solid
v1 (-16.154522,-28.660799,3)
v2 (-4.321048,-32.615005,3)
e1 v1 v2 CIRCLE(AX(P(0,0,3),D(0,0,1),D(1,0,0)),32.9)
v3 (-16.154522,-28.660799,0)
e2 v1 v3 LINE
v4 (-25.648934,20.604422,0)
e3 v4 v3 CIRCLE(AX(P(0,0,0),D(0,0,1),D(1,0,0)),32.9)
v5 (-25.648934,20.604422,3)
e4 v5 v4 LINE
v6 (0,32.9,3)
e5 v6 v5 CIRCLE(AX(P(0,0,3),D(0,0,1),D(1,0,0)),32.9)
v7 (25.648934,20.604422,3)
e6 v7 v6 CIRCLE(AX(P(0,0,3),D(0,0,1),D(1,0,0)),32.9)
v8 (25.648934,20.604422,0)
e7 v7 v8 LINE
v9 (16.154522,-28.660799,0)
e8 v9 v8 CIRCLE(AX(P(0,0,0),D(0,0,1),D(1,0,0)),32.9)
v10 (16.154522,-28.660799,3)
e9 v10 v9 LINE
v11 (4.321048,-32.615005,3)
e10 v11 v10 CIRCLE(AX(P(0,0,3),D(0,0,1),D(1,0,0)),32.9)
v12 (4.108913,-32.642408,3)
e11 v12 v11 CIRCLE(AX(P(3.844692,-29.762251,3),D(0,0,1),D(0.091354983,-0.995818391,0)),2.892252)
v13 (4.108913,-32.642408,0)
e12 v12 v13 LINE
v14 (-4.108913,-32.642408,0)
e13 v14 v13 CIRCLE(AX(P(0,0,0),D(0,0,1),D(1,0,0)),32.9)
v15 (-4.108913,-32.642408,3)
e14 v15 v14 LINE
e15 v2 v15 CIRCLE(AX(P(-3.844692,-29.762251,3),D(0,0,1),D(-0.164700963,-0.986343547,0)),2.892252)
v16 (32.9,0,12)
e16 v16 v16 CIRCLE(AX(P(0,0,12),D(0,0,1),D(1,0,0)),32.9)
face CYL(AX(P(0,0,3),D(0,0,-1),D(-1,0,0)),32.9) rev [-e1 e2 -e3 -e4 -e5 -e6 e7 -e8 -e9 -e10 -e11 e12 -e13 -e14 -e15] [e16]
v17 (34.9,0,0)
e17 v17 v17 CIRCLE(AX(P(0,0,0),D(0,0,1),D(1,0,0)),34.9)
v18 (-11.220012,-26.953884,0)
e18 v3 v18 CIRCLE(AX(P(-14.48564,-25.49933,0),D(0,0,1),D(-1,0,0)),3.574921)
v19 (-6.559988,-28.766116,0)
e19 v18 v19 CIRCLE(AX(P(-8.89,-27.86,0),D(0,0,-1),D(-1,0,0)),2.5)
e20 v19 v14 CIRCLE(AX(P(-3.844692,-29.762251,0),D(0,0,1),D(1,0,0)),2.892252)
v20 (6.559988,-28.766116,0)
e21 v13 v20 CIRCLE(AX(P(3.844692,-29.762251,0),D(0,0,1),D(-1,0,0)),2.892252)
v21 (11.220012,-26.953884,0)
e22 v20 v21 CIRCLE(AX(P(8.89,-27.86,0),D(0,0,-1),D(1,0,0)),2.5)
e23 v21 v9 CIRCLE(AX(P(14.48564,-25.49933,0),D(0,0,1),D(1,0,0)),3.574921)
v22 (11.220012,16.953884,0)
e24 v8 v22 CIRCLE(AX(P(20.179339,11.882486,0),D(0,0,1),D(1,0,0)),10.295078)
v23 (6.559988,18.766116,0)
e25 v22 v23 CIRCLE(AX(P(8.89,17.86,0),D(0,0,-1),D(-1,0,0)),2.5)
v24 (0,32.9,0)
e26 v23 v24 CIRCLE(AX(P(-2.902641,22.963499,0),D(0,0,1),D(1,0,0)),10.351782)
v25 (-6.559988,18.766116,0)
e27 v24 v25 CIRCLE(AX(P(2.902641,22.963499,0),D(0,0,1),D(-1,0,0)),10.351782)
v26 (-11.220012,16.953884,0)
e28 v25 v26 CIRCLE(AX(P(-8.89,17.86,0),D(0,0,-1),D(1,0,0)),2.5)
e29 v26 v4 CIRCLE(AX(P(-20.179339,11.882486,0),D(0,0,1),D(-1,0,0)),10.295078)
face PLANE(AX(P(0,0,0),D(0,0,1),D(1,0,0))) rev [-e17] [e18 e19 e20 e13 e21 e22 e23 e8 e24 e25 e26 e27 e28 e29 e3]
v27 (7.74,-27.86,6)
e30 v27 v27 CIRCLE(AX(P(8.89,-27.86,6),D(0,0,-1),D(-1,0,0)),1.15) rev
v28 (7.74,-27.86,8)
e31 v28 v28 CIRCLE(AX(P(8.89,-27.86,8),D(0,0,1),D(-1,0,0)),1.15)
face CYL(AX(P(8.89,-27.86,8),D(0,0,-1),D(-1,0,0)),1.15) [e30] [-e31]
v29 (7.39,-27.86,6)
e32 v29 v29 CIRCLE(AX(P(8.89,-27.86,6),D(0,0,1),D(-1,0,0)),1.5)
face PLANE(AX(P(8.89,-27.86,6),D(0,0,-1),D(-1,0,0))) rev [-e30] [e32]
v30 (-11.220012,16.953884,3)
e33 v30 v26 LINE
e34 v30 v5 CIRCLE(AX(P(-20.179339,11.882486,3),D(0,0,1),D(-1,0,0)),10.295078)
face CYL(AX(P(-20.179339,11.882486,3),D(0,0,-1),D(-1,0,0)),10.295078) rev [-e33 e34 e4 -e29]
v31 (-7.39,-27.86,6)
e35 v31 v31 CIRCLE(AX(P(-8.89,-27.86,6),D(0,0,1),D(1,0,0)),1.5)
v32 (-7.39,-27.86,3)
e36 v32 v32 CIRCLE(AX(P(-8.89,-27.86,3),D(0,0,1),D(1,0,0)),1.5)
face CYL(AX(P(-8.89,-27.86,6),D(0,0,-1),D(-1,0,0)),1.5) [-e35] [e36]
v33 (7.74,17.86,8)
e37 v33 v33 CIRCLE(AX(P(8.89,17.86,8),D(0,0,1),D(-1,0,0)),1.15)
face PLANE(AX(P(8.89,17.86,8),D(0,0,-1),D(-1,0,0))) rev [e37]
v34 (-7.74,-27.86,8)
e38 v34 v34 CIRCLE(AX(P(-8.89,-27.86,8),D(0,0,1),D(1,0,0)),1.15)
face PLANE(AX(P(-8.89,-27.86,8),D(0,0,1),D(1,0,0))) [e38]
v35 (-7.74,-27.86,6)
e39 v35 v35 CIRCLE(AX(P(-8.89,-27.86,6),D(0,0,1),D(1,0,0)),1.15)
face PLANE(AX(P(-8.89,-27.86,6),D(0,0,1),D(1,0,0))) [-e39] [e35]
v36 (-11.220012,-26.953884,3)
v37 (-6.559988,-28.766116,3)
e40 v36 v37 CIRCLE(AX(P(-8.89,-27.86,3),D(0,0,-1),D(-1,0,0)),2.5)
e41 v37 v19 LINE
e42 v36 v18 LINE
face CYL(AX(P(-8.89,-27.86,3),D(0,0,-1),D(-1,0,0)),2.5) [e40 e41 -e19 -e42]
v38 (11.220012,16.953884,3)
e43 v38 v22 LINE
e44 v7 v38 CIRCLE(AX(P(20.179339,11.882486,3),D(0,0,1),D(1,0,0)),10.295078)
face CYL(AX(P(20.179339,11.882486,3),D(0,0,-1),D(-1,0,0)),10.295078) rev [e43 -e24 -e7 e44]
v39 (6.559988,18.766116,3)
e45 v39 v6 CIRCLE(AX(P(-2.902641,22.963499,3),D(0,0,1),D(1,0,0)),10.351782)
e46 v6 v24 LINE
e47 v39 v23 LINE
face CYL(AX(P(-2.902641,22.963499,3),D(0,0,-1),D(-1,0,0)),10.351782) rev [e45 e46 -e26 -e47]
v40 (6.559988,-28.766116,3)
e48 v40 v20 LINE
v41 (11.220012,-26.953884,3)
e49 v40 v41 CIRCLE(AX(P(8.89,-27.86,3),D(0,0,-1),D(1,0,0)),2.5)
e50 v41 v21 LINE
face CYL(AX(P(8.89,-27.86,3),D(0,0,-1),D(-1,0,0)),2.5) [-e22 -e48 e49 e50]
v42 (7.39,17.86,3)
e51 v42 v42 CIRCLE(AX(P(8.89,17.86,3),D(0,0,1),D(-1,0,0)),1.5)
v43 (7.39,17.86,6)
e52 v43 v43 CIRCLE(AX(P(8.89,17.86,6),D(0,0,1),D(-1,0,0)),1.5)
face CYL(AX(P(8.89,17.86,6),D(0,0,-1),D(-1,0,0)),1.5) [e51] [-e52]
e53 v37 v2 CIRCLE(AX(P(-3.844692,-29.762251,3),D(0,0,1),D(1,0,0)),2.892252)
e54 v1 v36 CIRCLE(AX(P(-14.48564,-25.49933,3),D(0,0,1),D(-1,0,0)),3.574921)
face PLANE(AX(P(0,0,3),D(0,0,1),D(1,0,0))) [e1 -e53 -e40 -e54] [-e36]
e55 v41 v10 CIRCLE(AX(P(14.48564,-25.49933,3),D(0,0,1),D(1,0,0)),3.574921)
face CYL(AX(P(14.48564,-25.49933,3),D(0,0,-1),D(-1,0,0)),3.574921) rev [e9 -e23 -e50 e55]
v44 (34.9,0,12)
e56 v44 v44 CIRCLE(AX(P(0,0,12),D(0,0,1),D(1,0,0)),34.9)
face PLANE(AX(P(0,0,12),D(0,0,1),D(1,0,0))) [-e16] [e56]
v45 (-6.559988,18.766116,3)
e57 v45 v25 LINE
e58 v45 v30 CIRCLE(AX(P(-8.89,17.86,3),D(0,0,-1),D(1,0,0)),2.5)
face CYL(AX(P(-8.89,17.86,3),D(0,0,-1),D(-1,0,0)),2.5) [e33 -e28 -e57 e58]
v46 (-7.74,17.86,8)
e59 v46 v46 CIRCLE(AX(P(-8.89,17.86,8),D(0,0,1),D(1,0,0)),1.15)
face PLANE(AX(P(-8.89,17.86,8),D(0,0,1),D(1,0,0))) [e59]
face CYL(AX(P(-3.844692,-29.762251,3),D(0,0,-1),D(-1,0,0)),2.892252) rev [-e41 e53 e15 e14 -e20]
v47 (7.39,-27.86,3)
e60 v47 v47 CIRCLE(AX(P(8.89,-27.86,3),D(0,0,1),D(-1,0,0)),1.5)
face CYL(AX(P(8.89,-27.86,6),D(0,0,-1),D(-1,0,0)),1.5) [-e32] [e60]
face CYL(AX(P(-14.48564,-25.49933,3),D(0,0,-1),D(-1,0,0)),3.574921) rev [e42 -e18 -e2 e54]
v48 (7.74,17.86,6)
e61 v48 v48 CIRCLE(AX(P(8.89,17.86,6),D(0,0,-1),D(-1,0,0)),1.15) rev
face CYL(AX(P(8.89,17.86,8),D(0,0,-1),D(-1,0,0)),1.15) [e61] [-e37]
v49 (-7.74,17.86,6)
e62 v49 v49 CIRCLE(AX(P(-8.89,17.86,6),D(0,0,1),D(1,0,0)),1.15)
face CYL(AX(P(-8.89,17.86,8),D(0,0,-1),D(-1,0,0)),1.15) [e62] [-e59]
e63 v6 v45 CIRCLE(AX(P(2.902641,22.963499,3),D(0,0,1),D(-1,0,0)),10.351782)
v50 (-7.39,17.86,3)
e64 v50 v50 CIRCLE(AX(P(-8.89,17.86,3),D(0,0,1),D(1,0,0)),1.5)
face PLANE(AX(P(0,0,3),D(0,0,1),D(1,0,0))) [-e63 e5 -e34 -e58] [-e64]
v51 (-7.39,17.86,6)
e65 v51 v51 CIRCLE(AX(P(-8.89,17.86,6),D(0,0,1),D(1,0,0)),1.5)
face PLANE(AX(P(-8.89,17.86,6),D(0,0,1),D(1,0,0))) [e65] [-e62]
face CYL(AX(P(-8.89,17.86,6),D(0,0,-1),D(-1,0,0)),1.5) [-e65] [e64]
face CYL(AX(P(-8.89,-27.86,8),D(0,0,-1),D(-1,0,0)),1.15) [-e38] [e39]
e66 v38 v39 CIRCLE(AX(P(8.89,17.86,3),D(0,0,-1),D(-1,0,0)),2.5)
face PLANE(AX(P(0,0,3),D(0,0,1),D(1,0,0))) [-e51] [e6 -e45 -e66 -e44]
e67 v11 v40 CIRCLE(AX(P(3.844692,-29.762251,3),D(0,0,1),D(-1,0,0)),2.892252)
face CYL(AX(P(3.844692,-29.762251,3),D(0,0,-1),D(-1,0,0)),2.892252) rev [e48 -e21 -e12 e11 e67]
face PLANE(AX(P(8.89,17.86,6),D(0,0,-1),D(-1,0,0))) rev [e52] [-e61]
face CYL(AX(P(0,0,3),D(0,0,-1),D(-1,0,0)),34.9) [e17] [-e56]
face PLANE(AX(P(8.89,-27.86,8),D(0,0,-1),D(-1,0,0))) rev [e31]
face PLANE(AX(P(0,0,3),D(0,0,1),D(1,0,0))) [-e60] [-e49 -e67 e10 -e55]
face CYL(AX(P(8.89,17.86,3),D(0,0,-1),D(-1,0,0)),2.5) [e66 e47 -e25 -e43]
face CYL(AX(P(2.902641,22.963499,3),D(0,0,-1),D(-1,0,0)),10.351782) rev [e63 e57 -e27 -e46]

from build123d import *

# Parameters (mm, degrees)
ESQUISSE_CORPS_R   = 34.9
BOSS_EXTRU_1_DEPTH = 3
ESQUISSE5_R        = 1.5
BOSS_EXTRU_2_DEPTH = 3
ESQUISSE6_R        = 1.15
BOSS_EXTRU_3_DEPTH = 2
ESQUISSE7_R        = 34.9
ESQUISSE7_R_2      = 32.9
BOSS_EXTRU_4_DEPTH = 9


with BuildPart() as part:
    # Esquisse_corps → Boss.-Extru.1 (new body)
    with BuildSketch(Plane.XY):
        Circle(ESQUISSE_CORPS_R)
        with BuildLine():
            ThreePointArc((-11.220011679, -26.953884347), (-7.983884347, -25.529988321), (-6.559988321, -28.766115653))
            ThreePointArc((-6.559988321, -28.766115653), (-6.289235285, -31.30799577), (-4.108913196, -32.642408495))
            ThreePointArc((-4.108913196, -32.642408495), (0, -32.9), (4.108913196, -32.642408495))
            ThreePointArc((4.108913196, -32.642408495), (6.289235285, -31.30799577), (6.559988321, -28.766115653))
            ThreePointArc((6.559988321, -28.766115653), (7.983884347, -25.529988321), (11.220011679, -26.953884347))
            ThreePointArc((11.220011679, -26.953884347), (13.316969942, -28.87783046), (16.154521733, -28.660799493))
            ThreePointArc((16.154521733, -28.660799493), (32.305537105, -6.225935459), (25.64893396, 20.604421533))
            ThreePointArc((25.64893396, 20.604421533), (17.65423242, 21.86309032), (11.220011679, 16.953884347))
            ThreePointArc((11.220011679, 16.953884347), (7.983884347, 15.529988321), (6.559988321, 18.766115653))
            ThreePointArc((6.559988321, 18.766115653), (6.487068724, 27.321563828), (0, 32.9))
            ThreePointArc((0, 32.9), (-6.487068724, 27.321563828), (-6.559988321, 18.766115653))
            ThreePointArc((-6.559988321, 18.766115653), (-7.983884347, 15.529988321), (-11.220011679, 16.953884347))
            ThreePointArc((-11.220011679, 16.953884347), (-17.65423242, 21.86309032), (-25.64893396, 20.604421533))
            ThreePointArc((-25.64893396, 20.604421533), (-32.305537105, -6.225935459), (-16.154521733, -28.660799493))
            ThreePointArc((-16.154521733, -28.660799493), (-13.316969942, -28.87783046), (-11.220011679, -26.953884347))
        make_face(mode=Mode.SUBTRACT)
    extrude(amount=BOSS_EXTRU_1_DEPTH)

    # Esquisse5 → Boss.-Extru.2 (add)
    with BuildSketch(Plane.XY.offset(3)):
        with Locations((-8.89, 17.86)):
            Circle(ESQUISSE5_R)
        with Locations((-8.89, -27.86)):
            Circle(ESQUISSE5_R)
        with Locations(Location((8.89, -27.86, 0), (0, 0, 180))):
            Circle(ESQUISSE5_R)
        with Locations(Location((8.89, 17.86, 0), (0, 0, 180))):
            Circle(ESQUISSE5_R)
    extrude(amount=BOSS_EXTRU_2_DEPTH)

    # Esquisse6 → Boss.-Extru.3 (add)
    with BuildSketch(Plane.XY.offset(6)):
        with Locations((-8.89, 17.86)):
            Circle(ESQUISSE6_R)
        with Locations((-8.89, -27.86)):
            Circle(ESQUISSE6_R)
        with Locations(Location((8.89, -27.86, 0), (0, 0, 180))):
            Circle(ESQUISSE6_R)
        with Locations(Location((8.89, 17.86, 0), (0, 0, 180))):
            Circle(ESQUISSE6_R)
    extrude(amount=BOSS_EXTRU_3_DEPTH)

    # Esquisse7 → Boss.-Extru.4 (add)
    with BuildSketch(Plane.XY.offset(3)):
        Circle(ESQUISSE7_R)
        with Locations(Location((0, 0, 0), (0, 0, 141.224227635))):
            Circle(ESQUISSE7_R_2, mode=Mode.SUBTRACT)
    extrude(amount=BOSS_EXTRU_4_DEPTH)


solid = part.part
